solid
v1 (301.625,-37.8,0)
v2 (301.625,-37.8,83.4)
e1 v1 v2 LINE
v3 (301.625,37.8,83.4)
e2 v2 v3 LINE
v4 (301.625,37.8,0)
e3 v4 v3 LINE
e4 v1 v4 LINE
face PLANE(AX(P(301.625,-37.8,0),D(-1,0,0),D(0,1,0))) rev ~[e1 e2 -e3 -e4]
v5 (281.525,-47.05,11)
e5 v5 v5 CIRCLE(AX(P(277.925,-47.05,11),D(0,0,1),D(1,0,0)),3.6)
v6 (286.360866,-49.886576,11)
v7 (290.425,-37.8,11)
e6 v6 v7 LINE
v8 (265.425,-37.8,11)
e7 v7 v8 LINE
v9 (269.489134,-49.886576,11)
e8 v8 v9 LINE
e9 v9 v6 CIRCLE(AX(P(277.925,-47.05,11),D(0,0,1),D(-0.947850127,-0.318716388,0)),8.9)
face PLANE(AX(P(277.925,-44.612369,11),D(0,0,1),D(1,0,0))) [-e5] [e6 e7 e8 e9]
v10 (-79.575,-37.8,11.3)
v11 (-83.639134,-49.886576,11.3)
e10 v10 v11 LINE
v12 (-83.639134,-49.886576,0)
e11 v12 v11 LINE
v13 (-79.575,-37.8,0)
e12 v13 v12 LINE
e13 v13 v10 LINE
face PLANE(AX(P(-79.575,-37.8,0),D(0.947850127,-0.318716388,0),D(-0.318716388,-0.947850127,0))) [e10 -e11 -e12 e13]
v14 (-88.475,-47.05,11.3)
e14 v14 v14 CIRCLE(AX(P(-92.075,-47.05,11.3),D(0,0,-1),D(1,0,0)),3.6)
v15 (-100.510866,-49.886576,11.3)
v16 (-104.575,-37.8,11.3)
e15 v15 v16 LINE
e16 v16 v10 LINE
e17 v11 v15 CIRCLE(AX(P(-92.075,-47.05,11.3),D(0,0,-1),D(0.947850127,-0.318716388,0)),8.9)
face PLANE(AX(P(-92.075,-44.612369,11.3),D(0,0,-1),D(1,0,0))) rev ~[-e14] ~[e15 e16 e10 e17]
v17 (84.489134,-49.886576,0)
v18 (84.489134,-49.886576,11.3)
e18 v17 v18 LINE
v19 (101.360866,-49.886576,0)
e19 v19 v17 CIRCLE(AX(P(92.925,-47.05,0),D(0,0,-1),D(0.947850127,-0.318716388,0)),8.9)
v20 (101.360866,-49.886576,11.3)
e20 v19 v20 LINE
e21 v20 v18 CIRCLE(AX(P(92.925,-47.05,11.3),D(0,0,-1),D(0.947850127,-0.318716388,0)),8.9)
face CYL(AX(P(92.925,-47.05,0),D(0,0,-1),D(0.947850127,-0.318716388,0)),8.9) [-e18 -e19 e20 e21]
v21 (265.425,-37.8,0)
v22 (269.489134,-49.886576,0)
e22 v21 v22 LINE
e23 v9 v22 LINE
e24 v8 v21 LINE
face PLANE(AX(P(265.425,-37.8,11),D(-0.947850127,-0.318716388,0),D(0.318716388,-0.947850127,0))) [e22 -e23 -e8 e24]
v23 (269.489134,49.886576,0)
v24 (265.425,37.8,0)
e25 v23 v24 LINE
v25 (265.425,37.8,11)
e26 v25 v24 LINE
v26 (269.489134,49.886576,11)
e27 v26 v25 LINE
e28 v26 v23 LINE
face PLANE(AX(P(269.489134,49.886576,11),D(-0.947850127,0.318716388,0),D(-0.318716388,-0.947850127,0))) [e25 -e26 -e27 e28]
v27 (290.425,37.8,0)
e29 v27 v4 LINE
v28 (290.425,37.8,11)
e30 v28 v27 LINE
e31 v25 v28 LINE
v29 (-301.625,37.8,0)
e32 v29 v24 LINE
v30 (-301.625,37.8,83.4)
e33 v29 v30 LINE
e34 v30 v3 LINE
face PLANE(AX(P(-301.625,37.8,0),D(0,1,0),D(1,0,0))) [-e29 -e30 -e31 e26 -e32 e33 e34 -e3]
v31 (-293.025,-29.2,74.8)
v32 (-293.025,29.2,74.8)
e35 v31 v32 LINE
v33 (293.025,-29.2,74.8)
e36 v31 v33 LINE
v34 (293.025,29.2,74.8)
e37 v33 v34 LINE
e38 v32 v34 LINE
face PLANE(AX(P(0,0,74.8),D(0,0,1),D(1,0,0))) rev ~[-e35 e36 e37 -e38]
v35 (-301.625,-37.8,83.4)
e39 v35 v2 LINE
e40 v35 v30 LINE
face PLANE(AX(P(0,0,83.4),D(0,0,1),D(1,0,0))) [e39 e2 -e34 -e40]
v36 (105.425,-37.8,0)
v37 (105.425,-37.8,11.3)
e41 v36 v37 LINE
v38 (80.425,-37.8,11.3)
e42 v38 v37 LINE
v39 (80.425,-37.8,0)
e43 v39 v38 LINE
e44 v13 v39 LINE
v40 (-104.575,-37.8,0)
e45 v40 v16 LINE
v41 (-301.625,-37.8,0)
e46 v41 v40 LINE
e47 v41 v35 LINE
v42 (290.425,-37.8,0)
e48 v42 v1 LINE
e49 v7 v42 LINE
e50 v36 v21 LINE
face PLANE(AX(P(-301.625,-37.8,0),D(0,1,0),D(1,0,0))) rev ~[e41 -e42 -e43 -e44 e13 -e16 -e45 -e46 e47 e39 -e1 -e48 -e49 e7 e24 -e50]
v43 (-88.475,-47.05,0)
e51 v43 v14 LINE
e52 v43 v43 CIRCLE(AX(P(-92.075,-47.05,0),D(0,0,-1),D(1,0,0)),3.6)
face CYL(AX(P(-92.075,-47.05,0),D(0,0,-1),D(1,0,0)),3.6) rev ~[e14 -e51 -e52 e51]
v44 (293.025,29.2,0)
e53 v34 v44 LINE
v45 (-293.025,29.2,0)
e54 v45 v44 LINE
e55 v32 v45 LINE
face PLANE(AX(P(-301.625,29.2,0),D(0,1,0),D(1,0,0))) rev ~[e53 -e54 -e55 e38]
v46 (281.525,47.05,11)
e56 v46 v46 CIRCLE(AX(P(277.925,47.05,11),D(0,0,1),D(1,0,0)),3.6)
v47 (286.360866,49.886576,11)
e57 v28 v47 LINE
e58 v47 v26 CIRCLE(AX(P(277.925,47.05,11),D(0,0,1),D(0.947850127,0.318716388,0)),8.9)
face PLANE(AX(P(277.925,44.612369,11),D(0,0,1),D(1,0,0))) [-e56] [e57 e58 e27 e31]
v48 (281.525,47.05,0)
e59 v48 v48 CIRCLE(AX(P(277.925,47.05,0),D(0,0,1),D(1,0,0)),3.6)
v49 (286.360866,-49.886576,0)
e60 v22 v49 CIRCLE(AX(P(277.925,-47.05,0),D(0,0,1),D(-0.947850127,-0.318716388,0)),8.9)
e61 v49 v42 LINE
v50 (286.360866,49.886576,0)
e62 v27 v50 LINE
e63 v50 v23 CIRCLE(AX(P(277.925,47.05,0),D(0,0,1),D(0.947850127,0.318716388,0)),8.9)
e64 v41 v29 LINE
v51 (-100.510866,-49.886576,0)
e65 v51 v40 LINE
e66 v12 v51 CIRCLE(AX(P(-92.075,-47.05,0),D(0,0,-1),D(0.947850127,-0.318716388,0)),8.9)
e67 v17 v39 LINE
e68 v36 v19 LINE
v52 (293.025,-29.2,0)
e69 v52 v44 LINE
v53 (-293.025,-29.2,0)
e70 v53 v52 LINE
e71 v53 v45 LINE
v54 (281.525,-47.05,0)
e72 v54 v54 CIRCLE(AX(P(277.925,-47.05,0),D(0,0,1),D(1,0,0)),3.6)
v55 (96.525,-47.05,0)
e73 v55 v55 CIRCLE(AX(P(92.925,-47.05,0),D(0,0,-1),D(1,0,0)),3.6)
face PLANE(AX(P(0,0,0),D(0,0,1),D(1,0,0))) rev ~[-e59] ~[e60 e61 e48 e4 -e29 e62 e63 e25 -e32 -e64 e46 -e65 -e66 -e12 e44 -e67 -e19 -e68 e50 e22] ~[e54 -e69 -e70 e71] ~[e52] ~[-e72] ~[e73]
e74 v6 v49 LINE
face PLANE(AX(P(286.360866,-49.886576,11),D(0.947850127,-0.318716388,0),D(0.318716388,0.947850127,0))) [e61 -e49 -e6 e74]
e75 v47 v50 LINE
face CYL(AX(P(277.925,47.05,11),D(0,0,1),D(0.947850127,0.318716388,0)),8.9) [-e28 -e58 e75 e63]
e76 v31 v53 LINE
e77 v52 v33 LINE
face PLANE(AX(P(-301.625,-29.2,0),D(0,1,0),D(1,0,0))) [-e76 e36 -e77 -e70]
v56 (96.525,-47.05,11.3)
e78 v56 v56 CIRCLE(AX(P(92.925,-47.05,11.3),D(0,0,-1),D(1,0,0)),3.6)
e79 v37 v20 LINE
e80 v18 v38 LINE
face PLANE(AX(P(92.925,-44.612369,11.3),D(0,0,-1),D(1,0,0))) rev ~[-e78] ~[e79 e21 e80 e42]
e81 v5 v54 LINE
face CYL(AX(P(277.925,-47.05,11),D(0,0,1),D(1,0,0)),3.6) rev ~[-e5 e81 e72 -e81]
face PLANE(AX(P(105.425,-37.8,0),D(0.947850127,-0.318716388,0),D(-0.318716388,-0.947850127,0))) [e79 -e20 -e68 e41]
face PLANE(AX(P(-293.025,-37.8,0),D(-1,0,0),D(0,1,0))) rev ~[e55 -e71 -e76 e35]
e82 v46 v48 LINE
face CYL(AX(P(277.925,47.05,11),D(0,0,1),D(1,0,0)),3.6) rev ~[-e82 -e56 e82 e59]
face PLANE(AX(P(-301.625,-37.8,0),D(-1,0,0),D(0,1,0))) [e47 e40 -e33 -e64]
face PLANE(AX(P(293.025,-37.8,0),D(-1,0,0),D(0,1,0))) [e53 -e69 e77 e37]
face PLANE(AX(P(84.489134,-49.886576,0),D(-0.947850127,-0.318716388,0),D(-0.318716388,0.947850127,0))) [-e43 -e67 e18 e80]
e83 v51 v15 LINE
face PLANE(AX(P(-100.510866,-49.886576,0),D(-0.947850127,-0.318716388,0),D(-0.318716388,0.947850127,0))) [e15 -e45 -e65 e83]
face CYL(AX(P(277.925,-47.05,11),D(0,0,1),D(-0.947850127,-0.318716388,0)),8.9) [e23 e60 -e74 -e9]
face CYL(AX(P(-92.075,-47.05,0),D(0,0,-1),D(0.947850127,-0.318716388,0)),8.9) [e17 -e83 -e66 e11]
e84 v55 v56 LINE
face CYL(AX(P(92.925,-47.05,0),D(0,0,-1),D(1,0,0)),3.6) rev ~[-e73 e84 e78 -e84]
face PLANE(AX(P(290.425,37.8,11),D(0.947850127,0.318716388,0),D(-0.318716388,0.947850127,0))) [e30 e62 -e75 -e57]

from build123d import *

# Parameters (mm, degrees)
F0_W     = 603.25
F0_H     = 75.6
F1_DEPTH = 83.4
F2_T     = -8.6
F4_START = -72.4
F3_R     = 3.6
F4_DEPTH = 11
F5_R     = 3.6
F6_DEPTH = 11.3


with BuildPart() as f1:
    # F0 (on Top) → F1 (new body)
    with BuildSketch(Plane.XY):
        Rectangle(F0_W, F0_H)
    extrude(amount=F1_DEPTH)

    # F2
    f2_openings = [f1.faces().sort_by_distance(p)[0] for p in [
        (0, 0, 0),
    ]]
    offset(amount=F2_T, openings=f2_openings)

    # F3 (on face) → F4 (join)
    with BuildSketch(Plane.XY.offset(83.4).offset(F4_START)):
        with BuildLine():
            Line((290.425, 37.8), (286.3608661331, 49.8865758556))
            ThreePointArc((286.3608661331, 49.8865758556), (277.925, 55.95), (269.4891338669, 49.8865758556))
            Line((269.4891338669, 49.8865758556), (265.425, 37.8))
            Line((265.425, 37.8), (290.425, 37.8))
        make_face()
        with Locations((277.925, 47.05)):
            Circle(F3_R, mode=Mode.SUBTRACT)
        with BuildLine():
            Line((290.425, -37.8), (265.425, -37.8))
            Line((265.425, -37.8), (269.4891338669, -49.8865758556))
            ThreePointArc((269.4891338669, -49.8865758556), (277.925, -55.95), (286.3608661331, -49.8865758556))
            Line((286.3608661331, -49.8865758556), (290.425, -37.8))
        make_face()
        with Locations((277.925, -47.05)):
            Circle(F3_R, mode=Mode.SUBTRACT)
    extrude(amount=-F4_DEPTH)

    # F5 (on face) → F6 (join)
    with BuildSketch(Plane(origin=(0, 0, 0), x_dir=(1, 0, 0), z_dir=(0, 0, -1))):
        with BuildLine():
            Line((80.425, 37.8), (105.425, 37.8))
            Line((105.425, 37.8), (101.3608661331, 49.8865758556))
            ThreePointArc((101.3608661331, 49.8865758556), (92.925, 55.95), (84.4891338669, 49.8865758556))
            Line((84.4891338669, 49.8865758556), (80.425, 37.8))
        make_face()
        with Locations((92.925, 47.05)):
            Circle(F5_R, mode=Mode.SUBTRACT)
        with BuildLine():
            Line((-104.575, 37.8), (-79.575, 37.8))
            Line((-79.575, 37.8), (-83.6391338669, 49.8865758556))
            ThreePointArc((-83.6391338669, 49.8865758556), (-92.075, 55.95), (-100.5108661331, 49.8865758556))
            Line((-100.5108661331, 49.8865758556), (-104.575, 37.8))
        make_face()
        with Locations((-92.075, 47.05)):
            Circle(F5_R, mode=Mode.SUBTRACT)
    extrude(amount=-F6_DEPTH)


solid = f1.part
